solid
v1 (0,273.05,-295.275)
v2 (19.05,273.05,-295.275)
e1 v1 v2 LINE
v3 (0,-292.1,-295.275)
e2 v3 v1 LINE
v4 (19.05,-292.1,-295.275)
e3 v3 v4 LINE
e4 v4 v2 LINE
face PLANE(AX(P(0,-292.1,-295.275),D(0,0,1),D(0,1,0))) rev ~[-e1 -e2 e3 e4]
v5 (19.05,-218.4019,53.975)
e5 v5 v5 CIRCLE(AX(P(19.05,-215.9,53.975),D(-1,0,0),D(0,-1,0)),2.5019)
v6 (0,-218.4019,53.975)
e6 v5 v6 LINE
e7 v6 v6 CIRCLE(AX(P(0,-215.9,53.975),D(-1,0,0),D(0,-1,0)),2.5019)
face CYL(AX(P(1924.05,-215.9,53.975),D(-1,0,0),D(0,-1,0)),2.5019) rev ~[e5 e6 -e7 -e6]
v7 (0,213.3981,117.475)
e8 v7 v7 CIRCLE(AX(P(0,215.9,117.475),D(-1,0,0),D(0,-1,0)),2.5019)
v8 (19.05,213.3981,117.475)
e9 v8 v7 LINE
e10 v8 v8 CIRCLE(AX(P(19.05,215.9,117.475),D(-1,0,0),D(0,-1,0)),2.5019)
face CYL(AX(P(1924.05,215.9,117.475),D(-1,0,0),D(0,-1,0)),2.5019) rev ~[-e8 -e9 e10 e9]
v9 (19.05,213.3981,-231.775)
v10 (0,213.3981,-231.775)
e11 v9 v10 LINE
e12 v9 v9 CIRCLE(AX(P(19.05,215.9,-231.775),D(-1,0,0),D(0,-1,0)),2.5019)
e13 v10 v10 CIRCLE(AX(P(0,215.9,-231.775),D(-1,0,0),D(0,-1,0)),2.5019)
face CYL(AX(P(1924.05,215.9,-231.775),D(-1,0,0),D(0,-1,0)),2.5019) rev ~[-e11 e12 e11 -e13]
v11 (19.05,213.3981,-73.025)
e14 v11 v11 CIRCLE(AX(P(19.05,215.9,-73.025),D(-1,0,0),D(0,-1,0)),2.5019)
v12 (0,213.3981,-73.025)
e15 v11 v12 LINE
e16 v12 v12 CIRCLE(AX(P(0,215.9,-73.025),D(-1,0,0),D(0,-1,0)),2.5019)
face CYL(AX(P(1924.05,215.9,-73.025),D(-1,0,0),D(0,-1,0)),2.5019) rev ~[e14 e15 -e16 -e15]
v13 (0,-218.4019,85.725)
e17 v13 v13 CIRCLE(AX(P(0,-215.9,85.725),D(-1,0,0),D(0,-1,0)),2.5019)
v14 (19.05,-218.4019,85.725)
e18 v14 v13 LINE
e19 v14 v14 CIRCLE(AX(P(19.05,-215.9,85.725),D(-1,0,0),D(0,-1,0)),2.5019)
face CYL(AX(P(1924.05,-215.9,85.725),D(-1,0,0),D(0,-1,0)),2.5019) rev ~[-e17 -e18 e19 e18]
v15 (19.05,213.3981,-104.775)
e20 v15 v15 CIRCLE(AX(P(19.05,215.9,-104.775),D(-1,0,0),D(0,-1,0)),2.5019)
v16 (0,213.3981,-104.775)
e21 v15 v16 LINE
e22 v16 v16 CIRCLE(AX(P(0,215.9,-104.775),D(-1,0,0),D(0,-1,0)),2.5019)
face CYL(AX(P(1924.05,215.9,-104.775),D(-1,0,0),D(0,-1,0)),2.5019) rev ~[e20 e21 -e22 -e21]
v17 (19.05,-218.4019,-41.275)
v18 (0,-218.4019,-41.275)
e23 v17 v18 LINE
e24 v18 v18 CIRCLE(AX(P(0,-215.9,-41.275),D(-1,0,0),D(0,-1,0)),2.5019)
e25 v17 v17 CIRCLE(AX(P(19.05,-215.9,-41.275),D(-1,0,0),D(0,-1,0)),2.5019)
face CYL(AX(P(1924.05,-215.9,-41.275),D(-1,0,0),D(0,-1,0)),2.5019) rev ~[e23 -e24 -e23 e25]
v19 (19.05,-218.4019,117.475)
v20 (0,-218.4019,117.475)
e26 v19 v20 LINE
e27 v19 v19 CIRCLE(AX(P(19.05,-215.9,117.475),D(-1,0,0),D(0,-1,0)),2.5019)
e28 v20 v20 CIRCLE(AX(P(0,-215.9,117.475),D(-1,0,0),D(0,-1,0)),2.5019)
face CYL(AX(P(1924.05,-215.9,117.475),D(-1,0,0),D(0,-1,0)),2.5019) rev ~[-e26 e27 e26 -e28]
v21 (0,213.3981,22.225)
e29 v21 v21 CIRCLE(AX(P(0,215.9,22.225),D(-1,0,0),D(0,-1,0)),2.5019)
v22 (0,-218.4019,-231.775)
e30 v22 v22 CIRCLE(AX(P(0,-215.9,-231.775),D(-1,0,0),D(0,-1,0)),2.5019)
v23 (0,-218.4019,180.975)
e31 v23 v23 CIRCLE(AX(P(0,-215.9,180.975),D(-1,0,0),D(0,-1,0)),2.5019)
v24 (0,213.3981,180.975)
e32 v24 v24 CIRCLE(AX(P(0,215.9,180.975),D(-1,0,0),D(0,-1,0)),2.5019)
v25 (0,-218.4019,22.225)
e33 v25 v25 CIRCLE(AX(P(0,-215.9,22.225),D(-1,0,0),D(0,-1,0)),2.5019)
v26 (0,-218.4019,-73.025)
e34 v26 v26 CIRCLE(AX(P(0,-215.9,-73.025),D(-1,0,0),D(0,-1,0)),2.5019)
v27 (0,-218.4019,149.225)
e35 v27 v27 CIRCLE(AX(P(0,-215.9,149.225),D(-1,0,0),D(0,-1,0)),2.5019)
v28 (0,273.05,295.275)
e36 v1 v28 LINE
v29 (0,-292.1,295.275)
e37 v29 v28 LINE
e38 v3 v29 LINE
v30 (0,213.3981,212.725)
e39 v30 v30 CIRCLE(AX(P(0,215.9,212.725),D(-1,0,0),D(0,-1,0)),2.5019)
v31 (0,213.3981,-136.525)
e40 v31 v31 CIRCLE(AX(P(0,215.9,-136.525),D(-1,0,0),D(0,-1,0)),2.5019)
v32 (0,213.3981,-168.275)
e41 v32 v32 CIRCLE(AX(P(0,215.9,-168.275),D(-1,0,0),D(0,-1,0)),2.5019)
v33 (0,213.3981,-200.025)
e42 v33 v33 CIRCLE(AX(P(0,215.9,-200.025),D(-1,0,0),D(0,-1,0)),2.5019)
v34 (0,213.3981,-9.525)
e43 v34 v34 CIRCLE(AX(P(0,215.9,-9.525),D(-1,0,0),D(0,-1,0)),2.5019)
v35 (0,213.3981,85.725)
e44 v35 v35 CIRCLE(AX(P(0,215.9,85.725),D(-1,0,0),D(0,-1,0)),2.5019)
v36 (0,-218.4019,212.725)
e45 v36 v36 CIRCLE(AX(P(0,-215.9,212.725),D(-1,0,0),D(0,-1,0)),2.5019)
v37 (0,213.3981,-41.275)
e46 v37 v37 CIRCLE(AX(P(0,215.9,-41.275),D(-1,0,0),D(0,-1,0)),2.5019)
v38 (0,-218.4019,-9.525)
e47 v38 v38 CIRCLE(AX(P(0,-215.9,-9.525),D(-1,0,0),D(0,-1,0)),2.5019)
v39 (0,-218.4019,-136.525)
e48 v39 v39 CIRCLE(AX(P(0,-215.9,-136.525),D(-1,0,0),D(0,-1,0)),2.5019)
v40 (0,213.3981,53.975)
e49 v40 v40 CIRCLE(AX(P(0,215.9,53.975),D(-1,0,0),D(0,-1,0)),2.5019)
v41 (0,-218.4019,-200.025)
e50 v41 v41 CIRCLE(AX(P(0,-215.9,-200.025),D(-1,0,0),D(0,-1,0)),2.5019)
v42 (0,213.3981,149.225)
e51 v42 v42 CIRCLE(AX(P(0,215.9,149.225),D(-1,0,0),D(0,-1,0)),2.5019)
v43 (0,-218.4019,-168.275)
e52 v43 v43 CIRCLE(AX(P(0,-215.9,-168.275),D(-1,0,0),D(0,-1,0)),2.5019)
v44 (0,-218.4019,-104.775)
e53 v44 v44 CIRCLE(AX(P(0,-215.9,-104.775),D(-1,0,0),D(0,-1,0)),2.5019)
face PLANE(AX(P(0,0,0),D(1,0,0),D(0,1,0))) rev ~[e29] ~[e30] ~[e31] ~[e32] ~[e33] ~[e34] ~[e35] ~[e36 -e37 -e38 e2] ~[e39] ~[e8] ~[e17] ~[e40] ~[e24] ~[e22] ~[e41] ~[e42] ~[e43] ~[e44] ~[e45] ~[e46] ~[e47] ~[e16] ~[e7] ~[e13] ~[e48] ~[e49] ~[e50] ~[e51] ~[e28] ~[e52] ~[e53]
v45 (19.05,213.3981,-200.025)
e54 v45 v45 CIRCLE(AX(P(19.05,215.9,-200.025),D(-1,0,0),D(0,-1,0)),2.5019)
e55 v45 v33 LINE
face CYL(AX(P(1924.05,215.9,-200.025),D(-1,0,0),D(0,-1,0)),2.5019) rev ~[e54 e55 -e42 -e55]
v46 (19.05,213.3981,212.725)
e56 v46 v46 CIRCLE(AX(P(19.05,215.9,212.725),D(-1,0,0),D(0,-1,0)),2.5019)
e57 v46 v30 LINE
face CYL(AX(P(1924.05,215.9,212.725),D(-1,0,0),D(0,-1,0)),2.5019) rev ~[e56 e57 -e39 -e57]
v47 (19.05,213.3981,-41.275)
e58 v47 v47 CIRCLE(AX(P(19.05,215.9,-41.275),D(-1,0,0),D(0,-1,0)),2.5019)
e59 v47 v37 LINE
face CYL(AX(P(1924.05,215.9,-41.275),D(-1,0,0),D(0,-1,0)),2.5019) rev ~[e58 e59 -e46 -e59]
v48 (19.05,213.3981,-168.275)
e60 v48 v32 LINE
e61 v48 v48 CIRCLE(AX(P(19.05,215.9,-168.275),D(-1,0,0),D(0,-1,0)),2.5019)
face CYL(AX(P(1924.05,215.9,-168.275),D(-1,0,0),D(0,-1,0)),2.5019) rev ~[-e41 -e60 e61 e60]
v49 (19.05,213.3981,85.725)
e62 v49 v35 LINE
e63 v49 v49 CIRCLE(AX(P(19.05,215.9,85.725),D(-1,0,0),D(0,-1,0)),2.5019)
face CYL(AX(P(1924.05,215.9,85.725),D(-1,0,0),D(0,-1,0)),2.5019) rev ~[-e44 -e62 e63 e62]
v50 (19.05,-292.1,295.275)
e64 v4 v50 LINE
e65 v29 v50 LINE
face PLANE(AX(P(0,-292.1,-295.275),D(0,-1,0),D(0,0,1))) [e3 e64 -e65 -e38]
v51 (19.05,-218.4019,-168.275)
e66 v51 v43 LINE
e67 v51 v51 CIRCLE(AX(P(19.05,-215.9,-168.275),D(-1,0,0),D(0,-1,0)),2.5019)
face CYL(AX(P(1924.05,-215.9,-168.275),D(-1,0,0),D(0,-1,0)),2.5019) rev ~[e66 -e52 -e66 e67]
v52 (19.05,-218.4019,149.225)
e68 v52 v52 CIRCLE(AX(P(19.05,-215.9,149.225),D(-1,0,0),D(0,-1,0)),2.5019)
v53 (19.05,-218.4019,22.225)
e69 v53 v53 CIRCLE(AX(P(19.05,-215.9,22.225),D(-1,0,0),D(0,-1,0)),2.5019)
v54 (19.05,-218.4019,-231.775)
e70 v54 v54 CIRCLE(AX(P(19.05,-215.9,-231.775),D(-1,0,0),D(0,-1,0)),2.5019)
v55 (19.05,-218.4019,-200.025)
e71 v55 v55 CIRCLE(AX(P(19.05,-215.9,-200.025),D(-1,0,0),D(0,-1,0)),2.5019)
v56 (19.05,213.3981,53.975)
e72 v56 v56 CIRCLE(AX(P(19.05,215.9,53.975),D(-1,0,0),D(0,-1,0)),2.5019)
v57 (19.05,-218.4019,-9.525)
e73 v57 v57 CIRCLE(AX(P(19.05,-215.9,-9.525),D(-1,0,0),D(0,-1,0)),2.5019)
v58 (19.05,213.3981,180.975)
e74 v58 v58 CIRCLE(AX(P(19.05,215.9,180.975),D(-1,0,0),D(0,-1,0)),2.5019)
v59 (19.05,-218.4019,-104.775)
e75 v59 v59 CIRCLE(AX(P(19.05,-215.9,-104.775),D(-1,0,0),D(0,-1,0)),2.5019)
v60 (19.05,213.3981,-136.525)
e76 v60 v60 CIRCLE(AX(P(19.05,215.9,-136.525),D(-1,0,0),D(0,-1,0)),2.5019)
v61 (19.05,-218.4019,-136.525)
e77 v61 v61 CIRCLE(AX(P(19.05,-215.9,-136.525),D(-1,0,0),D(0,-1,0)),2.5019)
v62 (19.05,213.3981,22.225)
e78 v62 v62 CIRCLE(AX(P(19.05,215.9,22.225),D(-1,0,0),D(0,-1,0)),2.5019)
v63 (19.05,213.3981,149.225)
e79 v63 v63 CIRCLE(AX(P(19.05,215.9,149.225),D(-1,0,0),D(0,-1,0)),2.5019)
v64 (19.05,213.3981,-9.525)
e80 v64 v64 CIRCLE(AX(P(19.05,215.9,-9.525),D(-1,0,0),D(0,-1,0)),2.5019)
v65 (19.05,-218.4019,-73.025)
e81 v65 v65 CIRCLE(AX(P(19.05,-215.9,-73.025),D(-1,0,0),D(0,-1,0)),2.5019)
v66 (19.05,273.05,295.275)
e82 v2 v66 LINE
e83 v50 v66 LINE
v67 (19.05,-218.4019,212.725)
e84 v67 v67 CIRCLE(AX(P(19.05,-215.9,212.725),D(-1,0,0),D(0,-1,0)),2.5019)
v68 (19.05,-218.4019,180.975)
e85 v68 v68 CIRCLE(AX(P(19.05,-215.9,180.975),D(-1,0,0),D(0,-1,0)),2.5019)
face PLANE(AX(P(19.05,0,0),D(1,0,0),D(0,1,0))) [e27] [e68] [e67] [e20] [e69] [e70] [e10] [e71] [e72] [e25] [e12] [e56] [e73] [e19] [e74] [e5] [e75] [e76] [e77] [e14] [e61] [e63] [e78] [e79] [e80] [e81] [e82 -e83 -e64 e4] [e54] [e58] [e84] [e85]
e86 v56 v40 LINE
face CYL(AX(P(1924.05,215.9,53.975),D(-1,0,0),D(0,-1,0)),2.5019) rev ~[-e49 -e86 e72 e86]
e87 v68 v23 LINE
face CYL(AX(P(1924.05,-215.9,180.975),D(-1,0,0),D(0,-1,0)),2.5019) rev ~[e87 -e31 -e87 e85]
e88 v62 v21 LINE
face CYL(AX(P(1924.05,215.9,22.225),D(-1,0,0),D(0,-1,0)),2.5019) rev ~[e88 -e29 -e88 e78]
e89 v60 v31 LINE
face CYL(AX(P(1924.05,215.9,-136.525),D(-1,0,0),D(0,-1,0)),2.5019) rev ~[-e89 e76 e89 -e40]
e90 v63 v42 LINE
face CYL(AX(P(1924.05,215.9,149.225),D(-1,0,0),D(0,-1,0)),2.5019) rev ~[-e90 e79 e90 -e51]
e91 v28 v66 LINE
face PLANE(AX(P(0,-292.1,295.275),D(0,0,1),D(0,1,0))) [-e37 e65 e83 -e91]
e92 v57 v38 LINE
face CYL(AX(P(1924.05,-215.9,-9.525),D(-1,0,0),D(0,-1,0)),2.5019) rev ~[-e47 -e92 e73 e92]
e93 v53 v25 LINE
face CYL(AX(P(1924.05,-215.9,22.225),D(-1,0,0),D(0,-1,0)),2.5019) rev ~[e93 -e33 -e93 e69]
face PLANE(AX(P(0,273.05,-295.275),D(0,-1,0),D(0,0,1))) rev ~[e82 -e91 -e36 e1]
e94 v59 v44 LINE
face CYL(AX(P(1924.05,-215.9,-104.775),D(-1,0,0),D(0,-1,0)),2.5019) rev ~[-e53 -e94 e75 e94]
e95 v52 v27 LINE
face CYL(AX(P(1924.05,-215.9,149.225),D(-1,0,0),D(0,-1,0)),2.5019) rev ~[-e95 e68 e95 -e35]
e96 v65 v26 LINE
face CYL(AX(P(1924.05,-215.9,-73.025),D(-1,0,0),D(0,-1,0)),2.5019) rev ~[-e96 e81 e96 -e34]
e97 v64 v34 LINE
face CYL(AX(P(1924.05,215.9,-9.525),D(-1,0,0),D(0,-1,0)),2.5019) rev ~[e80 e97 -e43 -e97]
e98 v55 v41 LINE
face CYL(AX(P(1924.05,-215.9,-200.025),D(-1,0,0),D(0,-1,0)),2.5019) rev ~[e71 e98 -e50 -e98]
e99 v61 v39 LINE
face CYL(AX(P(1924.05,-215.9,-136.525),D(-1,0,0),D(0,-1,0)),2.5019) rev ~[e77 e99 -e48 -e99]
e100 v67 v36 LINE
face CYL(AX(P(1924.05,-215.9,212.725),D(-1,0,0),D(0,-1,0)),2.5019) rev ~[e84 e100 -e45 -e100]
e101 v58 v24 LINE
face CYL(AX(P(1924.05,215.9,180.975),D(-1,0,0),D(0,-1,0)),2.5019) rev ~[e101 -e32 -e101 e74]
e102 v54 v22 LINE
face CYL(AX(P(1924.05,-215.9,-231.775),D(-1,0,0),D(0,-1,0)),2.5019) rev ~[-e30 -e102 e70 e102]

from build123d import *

# Parameters (mm, degrees)
F0_W     = 584.2
F0_H     = 590.55
F1_DEPTH = 19.05
F3_D     = 5.0038
F3_DEPTH = 1905
F3_TIP   = 1.5032931827
F4_DEPTH = 19.05


with BuildPart() as f1:
    # F0 (on Right) → F1 (new body)
    with BuildSketch(Plane.YZ):
        Rectangle(F0_W, F0_H)
    extrude(amount=F1_DEPTH)

    # F3
    with Locations(Plane.YZ.offset(19.05)):
        with Locations((-215.9, 212.725), (-215.9, 180.975), (-215.9, 149.225), (-215.9, 117.475), (-215.9, 85.725), (-215.9, 53.975), (-215.9, 22.225), (-215.9, -9.525), (-215.9, -41.275), (-215.9, -73.025), (-215.9, -104.775), (-215.9, -136.525), (-215.9, -168.275), (-215.9, -200.025), (-215.9, -231.775), (215.9, -231.775), (215.9, -200.025), (215.9, -168.275), (215.9, -136.525), (215.9, -104.775), (215.9, -73.025), (215.9, -41.275), (215.9, -9.525), (215.9, 22.225), (215.9, 53.975), (215.9, 85.725), (215.9, 117.475), (215.9, 149.225), (215.9, 180.975), (215.9, 212.725)):
            Hole(F3_D / 2, depth=F3_DEPTH)
            with Locations((0, 0, -(F3_DEPTH + F3_TIP / 2))):  # 118° drill point
                Cone(0, F3_D / 2, F3_TIP, mode=Mode.SUBTRACT)

    # F4 (cut): a face of the model
    f4_faces = [f1.faces().sort_by_distance(p)[0] for p in [
        (9.525, 292.1, 0),
    ]]
    extrude(f4_faces, amount=-F4_DEPTH, mode=Mode.SUBTRACT)


solid = f1.part
